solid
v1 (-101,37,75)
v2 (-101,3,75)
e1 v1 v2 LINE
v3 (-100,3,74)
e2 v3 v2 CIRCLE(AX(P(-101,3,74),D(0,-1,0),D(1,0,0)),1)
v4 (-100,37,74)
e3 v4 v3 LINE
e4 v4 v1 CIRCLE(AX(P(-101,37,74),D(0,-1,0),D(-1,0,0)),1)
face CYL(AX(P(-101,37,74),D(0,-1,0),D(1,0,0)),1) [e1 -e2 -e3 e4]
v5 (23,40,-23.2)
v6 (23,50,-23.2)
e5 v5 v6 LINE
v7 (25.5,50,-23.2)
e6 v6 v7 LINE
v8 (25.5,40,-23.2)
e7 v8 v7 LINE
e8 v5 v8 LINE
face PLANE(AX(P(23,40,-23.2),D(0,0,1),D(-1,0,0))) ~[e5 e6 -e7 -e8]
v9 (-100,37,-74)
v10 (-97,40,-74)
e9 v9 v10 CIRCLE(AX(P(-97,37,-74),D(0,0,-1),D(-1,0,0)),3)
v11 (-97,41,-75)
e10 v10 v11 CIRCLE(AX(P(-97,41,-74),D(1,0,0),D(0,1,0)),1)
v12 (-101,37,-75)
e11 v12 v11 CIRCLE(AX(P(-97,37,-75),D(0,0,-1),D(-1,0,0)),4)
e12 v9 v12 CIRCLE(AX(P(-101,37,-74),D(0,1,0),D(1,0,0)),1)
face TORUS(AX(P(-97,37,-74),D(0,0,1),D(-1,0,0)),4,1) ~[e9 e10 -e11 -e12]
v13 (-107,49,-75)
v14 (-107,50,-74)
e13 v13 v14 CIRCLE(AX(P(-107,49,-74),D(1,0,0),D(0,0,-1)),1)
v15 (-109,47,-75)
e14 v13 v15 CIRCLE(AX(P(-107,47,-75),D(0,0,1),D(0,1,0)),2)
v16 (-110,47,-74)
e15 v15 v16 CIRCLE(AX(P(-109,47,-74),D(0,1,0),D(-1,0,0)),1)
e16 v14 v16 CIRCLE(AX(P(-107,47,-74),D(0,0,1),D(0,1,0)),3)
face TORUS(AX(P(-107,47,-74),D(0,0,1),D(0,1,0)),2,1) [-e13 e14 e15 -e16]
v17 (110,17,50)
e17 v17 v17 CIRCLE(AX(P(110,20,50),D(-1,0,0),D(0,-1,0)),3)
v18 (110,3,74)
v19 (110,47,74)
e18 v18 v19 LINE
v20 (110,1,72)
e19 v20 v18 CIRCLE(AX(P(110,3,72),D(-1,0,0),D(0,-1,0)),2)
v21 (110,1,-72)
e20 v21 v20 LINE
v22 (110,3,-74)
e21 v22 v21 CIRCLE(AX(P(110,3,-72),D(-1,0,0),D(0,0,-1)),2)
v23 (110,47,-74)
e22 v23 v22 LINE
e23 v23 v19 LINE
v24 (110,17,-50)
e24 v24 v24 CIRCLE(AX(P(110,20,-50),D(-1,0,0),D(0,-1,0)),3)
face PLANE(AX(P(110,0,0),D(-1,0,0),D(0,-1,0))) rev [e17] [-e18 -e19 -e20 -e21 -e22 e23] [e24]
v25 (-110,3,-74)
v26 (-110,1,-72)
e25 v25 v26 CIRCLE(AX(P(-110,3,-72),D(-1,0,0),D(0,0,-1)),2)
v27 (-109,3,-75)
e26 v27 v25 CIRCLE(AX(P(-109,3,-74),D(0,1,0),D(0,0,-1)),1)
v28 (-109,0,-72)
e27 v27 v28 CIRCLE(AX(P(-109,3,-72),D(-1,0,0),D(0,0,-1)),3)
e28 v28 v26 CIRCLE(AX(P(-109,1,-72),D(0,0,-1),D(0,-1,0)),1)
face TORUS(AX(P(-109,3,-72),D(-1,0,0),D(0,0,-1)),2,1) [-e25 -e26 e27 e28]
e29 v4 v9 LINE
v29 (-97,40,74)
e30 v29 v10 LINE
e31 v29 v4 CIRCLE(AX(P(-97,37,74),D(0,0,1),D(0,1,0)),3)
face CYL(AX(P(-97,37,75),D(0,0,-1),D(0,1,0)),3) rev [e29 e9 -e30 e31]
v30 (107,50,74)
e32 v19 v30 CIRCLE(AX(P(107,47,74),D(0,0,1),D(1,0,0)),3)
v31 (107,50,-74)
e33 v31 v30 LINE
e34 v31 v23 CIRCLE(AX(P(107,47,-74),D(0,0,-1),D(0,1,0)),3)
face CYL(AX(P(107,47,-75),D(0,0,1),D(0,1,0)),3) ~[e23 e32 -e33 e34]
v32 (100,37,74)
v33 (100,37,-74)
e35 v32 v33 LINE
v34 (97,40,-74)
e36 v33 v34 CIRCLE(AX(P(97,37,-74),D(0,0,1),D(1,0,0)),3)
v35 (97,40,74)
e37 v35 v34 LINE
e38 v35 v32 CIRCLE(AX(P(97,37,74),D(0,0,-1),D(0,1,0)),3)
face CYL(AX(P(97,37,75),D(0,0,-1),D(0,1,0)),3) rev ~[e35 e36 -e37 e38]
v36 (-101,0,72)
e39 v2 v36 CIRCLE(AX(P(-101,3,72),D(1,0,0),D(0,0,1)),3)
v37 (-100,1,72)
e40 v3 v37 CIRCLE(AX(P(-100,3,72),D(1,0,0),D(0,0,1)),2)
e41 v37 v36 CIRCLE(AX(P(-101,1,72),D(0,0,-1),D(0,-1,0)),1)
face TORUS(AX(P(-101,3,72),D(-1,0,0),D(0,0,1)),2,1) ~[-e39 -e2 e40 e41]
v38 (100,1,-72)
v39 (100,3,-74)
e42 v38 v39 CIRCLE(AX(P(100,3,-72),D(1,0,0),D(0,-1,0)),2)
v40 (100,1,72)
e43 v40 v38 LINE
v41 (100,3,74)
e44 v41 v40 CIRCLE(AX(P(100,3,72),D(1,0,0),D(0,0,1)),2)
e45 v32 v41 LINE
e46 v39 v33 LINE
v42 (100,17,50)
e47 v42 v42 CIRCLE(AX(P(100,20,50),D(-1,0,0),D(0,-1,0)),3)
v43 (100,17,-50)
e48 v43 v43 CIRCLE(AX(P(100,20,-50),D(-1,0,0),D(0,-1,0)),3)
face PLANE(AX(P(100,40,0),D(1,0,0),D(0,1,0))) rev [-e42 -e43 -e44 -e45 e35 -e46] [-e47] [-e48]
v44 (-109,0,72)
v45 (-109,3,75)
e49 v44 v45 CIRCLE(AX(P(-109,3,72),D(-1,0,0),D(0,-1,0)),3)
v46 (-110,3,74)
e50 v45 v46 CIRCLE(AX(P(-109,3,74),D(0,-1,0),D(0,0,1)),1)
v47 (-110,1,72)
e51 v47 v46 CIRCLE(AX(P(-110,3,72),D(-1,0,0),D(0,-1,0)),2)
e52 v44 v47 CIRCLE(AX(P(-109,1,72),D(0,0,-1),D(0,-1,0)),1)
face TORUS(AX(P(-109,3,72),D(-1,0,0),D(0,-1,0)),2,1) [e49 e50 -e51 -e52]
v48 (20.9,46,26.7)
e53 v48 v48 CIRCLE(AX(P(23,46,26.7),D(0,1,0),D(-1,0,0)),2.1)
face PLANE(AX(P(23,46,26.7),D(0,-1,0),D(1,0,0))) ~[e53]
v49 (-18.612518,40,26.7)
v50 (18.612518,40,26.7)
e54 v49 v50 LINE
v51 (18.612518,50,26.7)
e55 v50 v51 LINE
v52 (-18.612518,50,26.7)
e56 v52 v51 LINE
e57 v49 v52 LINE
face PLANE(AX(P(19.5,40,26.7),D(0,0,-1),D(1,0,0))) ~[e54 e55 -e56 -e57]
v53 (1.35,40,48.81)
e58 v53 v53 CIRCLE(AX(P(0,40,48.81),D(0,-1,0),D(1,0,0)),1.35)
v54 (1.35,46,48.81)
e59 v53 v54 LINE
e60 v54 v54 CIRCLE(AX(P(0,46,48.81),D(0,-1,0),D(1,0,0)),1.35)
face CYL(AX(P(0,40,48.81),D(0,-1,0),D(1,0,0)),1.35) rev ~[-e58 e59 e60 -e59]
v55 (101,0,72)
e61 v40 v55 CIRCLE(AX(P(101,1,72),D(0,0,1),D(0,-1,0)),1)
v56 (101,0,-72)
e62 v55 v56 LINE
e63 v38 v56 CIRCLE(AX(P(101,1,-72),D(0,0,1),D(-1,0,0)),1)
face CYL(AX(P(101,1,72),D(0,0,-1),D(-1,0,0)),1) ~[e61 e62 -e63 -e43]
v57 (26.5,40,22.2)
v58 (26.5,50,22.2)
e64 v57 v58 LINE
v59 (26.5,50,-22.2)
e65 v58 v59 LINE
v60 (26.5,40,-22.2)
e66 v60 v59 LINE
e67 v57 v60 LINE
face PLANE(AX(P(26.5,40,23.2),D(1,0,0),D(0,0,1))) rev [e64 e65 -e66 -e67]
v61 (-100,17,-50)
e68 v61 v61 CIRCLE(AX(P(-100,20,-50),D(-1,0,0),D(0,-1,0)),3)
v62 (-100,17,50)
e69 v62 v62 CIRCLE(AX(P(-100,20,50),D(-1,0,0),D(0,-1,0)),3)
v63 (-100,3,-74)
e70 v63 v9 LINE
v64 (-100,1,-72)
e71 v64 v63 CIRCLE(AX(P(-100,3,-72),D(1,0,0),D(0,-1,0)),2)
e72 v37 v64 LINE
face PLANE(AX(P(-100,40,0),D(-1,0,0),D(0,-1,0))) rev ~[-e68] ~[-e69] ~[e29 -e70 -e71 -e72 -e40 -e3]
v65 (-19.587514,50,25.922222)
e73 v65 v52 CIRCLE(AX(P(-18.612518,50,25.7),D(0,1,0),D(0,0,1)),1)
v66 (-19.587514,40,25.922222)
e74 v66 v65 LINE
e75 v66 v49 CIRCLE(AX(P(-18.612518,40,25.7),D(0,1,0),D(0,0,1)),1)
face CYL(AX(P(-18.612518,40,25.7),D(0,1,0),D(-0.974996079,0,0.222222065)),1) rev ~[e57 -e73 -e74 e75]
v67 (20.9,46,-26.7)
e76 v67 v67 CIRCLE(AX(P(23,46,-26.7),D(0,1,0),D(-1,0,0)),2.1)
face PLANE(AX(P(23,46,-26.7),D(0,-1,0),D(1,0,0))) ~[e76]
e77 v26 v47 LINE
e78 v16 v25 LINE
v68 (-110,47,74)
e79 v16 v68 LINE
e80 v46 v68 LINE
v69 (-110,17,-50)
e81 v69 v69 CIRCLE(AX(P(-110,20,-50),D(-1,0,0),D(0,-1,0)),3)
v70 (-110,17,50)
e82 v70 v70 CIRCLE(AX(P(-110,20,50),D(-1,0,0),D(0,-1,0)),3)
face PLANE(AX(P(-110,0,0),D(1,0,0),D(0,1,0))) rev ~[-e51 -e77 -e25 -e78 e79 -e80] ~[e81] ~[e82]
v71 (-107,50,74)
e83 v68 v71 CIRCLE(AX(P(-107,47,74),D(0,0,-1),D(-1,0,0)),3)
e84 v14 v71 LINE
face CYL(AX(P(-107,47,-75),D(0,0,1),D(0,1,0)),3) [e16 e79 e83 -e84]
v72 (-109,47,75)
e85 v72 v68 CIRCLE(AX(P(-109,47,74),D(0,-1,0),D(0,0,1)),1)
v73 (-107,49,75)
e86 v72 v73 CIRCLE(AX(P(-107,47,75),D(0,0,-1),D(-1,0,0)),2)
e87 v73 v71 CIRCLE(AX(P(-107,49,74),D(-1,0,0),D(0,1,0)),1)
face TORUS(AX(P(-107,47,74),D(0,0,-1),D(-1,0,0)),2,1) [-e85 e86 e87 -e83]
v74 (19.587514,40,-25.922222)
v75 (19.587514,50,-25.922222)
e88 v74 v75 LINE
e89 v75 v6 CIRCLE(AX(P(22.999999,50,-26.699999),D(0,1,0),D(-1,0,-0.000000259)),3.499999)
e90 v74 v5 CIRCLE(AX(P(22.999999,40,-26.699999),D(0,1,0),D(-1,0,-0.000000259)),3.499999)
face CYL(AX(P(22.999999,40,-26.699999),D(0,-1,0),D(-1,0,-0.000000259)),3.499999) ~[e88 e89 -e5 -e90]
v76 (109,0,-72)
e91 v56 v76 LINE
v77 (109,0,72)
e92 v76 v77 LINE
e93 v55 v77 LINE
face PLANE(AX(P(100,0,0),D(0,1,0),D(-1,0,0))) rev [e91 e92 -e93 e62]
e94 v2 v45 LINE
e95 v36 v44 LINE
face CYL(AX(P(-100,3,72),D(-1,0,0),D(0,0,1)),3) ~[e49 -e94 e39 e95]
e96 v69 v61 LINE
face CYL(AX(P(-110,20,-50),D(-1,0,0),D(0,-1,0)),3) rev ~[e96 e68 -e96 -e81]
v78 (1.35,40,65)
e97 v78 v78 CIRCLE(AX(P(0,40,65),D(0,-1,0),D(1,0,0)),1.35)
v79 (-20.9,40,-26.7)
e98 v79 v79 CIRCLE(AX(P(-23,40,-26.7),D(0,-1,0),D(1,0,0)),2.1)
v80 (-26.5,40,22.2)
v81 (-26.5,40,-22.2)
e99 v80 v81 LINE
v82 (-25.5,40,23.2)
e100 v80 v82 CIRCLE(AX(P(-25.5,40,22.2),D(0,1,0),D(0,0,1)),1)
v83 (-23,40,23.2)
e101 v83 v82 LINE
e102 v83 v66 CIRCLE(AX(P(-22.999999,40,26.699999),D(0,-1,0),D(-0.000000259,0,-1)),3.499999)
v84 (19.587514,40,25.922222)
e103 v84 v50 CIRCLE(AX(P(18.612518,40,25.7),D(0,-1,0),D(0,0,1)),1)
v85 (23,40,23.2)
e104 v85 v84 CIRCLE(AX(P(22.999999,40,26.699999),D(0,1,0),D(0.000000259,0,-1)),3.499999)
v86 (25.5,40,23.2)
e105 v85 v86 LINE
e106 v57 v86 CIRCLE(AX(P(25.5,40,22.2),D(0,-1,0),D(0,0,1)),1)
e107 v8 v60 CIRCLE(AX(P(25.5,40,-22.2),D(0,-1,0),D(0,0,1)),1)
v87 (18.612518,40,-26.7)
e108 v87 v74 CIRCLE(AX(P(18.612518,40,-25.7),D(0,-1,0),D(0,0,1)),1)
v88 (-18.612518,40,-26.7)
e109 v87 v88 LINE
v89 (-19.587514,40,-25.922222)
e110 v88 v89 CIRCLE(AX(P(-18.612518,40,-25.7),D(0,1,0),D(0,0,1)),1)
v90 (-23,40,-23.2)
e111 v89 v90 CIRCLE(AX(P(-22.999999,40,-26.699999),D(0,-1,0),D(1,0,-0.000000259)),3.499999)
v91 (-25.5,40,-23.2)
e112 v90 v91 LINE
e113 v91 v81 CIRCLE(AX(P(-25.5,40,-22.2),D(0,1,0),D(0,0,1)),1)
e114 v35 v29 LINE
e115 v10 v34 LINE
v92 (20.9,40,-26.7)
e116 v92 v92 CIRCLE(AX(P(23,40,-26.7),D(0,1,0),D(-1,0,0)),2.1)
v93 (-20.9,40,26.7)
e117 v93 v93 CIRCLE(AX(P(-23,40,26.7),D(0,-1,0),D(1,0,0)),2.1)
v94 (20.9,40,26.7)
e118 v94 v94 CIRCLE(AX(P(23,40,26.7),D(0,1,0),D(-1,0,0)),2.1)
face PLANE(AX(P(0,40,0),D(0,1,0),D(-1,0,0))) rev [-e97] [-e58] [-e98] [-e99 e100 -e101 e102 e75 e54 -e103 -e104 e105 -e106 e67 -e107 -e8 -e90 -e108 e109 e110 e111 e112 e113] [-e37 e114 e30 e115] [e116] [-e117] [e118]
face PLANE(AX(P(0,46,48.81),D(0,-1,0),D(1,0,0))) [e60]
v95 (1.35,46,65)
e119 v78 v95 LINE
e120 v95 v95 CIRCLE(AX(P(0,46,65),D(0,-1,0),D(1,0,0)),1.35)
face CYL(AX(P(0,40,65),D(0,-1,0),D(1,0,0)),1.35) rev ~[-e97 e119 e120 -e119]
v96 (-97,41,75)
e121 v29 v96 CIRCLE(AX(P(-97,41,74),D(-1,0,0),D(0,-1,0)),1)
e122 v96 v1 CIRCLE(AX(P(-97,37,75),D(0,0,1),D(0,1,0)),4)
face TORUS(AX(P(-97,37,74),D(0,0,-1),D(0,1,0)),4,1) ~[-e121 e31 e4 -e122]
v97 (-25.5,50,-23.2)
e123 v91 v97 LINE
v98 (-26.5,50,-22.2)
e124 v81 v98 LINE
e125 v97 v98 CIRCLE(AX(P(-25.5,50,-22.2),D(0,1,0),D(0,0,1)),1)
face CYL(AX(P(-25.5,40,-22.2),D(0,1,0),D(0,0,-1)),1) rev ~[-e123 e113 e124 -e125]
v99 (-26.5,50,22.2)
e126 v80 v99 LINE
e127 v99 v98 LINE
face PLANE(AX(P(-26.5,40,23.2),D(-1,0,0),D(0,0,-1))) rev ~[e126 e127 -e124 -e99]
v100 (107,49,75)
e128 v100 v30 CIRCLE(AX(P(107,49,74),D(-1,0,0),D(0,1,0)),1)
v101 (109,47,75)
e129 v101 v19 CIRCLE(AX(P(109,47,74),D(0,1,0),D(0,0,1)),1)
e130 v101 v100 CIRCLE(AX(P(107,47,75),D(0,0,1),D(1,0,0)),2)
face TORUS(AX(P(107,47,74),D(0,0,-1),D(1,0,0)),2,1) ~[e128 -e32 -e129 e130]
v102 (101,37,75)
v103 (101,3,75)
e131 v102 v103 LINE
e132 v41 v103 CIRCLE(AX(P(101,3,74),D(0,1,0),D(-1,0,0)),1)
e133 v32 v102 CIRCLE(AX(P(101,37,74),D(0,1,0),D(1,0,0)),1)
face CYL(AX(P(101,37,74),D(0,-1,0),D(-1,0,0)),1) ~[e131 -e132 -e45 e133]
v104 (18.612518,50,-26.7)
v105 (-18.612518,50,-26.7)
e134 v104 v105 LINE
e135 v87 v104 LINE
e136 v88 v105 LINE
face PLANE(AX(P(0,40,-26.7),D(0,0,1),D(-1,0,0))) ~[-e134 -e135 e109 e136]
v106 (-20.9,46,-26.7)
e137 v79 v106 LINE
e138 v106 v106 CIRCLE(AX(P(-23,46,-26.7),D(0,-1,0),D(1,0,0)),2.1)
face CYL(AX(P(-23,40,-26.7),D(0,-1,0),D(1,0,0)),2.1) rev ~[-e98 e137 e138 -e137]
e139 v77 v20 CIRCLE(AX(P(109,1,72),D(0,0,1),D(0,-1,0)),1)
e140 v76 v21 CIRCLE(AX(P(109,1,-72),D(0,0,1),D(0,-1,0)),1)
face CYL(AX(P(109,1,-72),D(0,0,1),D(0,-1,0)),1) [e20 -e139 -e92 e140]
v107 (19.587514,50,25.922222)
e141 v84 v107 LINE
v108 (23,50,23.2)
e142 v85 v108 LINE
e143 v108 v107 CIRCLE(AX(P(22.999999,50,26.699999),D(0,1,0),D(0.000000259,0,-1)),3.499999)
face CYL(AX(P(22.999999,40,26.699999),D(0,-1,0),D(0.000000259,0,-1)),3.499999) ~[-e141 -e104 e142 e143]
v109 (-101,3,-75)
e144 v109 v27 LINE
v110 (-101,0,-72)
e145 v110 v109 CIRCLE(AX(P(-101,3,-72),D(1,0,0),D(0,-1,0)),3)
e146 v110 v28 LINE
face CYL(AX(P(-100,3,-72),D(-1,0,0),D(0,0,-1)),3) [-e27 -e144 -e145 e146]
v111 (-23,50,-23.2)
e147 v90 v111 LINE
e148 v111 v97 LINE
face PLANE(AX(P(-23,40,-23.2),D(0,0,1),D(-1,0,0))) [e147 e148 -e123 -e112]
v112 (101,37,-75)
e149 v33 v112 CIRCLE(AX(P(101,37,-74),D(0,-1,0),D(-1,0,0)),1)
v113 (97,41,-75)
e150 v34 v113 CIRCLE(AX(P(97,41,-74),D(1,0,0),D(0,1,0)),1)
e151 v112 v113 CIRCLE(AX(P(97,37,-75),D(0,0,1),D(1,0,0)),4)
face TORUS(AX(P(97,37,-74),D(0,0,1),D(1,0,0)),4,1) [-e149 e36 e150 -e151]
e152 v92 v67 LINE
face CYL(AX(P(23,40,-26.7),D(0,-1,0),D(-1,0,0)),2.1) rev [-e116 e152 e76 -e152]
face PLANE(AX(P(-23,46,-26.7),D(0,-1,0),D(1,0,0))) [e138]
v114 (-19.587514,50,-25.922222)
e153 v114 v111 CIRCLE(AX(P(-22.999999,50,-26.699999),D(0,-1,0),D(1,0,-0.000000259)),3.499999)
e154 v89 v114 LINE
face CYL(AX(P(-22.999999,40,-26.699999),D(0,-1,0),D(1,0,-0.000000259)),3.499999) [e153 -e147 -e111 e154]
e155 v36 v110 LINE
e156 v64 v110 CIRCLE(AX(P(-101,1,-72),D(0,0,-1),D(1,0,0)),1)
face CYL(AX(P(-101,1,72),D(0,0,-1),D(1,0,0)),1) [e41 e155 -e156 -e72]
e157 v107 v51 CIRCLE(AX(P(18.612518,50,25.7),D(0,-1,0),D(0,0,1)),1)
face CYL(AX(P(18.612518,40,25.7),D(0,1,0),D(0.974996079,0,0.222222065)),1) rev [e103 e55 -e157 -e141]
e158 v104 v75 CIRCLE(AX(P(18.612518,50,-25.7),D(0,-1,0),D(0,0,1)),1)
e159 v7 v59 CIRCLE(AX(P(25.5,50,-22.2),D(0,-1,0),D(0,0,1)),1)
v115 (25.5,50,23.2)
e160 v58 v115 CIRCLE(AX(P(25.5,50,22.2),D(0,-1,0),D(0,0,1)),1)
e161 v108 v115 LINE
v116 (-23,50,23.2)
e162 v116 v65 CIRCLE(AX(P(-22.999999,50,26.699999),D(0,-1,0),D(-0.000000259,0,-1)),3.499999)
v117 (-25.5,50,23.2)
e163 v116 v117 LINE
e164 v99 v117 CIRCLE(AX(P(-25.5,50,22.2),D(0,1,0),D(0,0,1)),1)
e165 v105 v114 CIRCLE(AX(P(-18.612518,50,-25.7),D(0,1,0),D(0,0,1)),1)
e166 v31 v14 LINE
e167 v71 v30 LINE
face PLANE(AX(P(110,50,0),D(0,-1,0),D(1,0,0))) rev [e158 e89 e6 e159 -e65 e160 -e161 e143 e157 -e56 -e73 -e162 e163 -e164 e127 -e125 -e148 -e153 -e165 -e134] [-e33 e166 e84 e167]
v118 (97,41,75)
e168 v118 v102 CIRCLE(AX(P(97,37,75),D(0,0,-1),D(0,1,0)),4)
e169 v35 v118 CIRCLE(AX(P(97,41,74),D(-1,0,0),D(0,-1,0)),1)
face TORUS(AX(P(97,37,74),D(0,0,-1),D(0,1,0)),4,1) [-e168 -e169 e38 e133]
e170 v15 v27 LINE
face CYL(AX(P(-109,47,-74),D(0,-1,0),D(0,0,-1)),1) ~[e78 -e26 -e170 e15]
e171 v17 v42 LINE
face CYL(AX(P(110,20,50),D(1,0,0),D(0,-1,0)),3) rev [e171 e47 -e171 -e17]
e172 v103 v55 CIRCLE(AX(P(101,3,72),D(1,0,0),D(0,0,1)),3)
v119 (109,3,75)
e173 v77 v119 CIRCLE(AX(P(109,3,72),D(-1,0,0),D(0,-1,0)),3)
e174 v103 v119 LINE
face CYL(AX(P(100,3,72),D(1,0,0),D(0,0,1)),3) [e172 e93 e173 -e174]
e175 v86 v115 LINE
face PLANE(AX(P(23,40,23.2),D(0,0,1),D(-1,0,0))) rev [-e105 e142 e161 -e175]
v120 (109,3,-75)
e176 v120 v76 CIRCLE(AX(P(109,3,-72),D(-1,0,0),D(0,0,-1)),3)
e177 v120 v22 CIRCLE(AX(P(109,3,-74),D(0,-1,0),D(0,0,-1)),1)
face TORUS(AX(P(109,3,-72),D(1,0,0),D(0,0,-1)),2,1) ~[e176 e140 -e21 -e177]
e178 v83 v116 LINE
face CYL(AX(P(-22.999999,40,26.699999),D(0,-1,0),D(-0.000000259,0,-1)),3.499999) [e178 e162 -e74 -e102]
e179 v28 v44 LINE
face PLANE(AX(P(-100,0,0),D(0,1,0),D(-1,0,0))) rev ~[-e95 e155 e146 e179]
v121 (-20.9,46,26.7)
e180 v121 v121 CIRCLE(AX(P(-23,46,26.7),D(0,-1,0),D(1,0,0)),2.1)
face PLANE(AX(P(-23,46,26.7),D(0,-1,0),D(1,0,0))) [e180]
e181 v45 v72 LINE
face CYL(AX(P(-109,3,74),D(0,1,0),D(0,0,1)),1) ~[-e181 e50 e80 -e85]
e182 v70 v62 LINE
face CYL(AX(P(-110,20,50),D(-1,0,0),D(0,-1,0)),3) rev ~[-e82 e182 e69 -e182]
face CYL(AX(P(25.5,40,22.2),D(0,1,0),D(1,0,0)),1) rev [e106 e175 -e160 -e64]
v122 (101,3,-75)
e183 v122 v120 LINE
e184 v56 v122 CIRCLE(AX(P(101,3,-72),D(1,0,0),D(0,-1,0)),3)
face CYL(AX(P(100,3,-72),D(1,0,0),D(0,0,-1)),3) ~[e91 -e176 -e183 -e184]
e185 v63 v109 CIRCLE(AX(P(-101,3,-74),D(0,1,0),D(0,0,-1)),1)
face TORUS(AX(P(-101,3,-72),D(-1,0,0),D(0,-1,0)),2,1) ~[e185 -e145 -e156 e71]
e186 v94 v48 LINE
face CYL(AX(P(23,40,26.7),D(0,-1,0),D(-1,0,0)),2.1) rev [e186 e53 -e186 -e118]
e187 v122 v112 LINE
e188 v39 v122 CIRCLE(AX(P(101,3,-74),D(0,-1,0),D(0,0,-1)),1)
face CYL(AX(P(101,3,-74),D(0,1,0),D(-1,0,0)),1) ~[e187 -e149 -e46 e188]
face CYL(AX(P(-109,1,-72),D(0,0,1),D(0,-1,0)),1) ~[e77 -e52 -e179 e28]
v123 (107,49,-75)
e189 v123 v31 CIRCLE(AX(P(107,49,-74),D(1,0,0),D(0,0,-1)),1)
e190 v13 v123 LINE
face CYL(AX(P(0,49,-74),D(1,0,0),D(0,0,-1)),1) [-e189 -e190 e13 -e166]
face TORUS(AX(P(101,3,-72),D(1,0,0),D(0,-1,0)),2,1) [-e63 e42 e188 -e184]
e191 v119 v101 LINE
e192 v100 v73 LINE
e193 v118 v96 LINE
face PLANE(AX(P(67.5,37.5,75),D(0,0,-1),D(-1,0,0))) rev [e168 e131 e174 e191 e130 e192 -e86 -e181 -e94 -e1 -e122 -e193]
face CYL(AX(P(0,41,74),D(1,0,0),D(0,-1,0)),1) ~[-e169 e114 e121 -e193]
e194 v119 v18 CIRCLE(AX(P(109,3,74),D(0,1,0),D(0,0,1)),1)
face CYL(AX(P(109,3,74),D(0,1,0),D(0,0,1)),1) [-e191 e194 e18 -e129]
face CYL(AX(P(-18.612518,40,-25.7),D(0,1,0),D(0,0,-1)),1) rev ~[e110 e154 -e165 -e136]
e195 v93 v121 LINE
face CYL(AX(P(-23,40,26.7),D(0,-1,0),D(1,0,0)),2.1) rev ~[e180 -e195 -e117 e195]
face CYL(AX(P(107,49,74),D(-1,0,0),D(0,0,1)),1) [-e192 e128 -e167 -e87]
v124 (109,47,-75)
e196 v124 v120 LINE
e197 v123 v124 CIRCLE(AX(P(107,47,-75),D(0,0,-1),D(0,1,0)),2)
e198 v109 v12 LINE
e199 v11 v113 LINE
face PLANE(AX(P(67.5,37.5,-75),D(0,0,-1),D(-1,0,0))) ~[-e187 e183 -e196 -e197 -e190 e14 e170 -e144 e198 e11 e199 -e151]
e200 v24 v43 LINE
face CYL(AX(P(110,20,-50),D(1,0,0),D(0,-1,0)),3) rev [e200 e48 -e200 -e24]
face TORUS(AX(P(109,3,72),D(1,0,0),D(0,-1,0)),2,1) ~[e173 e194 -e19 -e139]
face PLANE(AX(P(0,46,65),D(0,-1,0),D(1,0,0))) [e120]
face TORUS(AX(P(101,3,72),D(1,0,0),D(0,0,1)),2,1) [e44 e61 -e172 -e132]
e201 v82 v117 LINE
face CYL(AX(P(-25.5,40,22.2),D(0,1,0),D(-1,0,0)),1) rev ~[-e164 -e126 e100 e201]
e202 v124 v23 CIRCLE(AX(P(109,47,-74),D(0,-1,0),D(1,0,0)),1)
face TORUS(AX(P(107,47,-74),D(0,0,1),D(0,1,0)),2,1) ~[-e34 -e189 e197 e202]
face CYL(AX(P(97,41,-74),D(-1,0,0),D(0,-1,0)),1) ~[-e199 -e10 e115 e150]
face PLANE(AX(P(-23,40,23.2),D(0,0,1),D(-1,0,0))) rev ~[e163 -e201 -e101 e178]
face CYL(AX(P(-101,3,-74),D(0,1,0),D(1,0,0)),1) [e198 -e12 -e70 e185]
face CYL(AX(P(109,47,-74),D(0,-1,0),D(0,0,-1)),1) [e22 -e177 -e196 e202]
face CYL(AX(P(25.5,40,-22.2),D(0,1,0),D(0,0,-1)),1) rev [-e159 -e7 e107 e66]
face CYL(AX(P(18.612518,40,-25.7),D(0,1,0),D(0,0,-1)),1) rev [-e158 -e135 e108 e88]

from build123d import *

# Parameters (mm, degrees)
PAD_DEPTH       = 75
SKETCH001_R     = 3
POCKET_DEPTH    = 110.001
FILLET_R        = 3
FILLET001_R     = 1
SKETCH002_R     = 2.1
POCKET001_DEPTH = 6
POCKET002_DEPTH = 10.001
FILLET002_R     = 1
SKETCH004_R     = 1.35
POCKET003_DEPTH = 6


with BuildPart() as part:
    # Sketch → Pad (new body, symmetric)
    with BuildSketch(Plane.XY):
        Polygon((0, 40), (-100, 40), (-100, 0), (-110, 0), (-110, 50), (0, 50), align=None)
        Polygon((0, 40), (0, 50), align=None)
    extrude(amount=PAD_DEPTH, both=True)

    # Sketch001 (on Face3 of Pad) → Pocket (cut, through all)
    with BuildSketch(Plane(origin=(-110, 0, 0), x_dir=(0, -1, 0), z_dir=(-1, 0, 0))):
        with Locations((-20, -50)):
            Circle(SKETCH001_R)
        with Locations((-20, 50)):
            Circle(SKETCH001_R)
    extrude(amount=-POCKET_DEPTH, mode=Mode.SUBTRACT)

    # Fillet
    fillet_edges = [part.edges().sort_by_distance(p)[0] for p in [
        (-105, 0, -75),
        (-100, 40, 0),
        (-105, 0, 75),
        (-110, 50, 0),
    ]]
    fillet(fillet_edges, radius=FILLET_R)

    # Fillet001
    fillet001_edges = [part.edges().sort_by_distance(p)[0] for p in [
        (-110, 25, 75),
        (-100, 0, 0),
    ]]
    fillet(fillet001_edges, radius=FILLET001_R)

    # Sketch002 (on Face1 of Fillet001) → Pocket001 (cut)
    with BuildSketch(Plane.XZ.offset(-40)):
        with Locations((-23, -26.7)):
            Circle(SKETCH002_R)
        with Locations((-23, 26.7)):
            Circle(SKETCH002_R)
    extrude(amount=-POCKET001_DEPTH, mode=Mode.SUBTRACT)

    # Sketch003 (on Face1 of Pocket001) → Pocket002 (cut, through all)
    with BuildSketch(Plane.XZ.offset(-40)):
        with BuildLine():
            Line((0, -26.7), (-19.5, -26.7))
            ThreePointArc((-19.5, -26.7), (-20.525126, -24.225126), (-23, -23.2))
            Line((-23, -23.2), (-26.5, -23.2))
            Line((-26.5, 23.2), (-26.5, -23.2))
            Line((-23, 23.2), (-26.5, 23.2))
            ThreePointArc((-23, 23.2), (-20.525126, 24.225126), (-19.5, 26.7))
            Line((-19.5, 26.7), (0, 26.7))
            Line((0, 26.7), (0, -26.7))
        make_face()
    extrude(amount=-POCKET002_DEPTH, mode=Mode.SUBTRACT)

    # Fillet002
    fillet002_edges = [part.edges().sort_by_distance(p)[0] for p in [
        (-26.5, 45, 23.2),
        (-19.5, 45, 26.7),
        (-26.5, 45, -23.2),
        (-19.5, 45, -26.7),
    ]]
    fillet(fillet002_edges, radius=FILLET002_R)

    # Mirrored: part across YZ


with BuildPart() as part_1:
    add(part.part)
    add(part.part.mirror(Plane.YZ))

    # Sketch004 (on Face24 of Mirrored) → Pocket003 (cut)
    with BuildSketch(Plane.XZ.offset(-40)):
        with Locations((0, 65)):
            Circle(SKETCH004_R)
        with Locations((0, 48.81)):
            Circle(SKETCH004_R)
    extrude(amount=-POCKET003_DEPTH, mode=Mode.SUBTRACT)


solid = part_1.part
